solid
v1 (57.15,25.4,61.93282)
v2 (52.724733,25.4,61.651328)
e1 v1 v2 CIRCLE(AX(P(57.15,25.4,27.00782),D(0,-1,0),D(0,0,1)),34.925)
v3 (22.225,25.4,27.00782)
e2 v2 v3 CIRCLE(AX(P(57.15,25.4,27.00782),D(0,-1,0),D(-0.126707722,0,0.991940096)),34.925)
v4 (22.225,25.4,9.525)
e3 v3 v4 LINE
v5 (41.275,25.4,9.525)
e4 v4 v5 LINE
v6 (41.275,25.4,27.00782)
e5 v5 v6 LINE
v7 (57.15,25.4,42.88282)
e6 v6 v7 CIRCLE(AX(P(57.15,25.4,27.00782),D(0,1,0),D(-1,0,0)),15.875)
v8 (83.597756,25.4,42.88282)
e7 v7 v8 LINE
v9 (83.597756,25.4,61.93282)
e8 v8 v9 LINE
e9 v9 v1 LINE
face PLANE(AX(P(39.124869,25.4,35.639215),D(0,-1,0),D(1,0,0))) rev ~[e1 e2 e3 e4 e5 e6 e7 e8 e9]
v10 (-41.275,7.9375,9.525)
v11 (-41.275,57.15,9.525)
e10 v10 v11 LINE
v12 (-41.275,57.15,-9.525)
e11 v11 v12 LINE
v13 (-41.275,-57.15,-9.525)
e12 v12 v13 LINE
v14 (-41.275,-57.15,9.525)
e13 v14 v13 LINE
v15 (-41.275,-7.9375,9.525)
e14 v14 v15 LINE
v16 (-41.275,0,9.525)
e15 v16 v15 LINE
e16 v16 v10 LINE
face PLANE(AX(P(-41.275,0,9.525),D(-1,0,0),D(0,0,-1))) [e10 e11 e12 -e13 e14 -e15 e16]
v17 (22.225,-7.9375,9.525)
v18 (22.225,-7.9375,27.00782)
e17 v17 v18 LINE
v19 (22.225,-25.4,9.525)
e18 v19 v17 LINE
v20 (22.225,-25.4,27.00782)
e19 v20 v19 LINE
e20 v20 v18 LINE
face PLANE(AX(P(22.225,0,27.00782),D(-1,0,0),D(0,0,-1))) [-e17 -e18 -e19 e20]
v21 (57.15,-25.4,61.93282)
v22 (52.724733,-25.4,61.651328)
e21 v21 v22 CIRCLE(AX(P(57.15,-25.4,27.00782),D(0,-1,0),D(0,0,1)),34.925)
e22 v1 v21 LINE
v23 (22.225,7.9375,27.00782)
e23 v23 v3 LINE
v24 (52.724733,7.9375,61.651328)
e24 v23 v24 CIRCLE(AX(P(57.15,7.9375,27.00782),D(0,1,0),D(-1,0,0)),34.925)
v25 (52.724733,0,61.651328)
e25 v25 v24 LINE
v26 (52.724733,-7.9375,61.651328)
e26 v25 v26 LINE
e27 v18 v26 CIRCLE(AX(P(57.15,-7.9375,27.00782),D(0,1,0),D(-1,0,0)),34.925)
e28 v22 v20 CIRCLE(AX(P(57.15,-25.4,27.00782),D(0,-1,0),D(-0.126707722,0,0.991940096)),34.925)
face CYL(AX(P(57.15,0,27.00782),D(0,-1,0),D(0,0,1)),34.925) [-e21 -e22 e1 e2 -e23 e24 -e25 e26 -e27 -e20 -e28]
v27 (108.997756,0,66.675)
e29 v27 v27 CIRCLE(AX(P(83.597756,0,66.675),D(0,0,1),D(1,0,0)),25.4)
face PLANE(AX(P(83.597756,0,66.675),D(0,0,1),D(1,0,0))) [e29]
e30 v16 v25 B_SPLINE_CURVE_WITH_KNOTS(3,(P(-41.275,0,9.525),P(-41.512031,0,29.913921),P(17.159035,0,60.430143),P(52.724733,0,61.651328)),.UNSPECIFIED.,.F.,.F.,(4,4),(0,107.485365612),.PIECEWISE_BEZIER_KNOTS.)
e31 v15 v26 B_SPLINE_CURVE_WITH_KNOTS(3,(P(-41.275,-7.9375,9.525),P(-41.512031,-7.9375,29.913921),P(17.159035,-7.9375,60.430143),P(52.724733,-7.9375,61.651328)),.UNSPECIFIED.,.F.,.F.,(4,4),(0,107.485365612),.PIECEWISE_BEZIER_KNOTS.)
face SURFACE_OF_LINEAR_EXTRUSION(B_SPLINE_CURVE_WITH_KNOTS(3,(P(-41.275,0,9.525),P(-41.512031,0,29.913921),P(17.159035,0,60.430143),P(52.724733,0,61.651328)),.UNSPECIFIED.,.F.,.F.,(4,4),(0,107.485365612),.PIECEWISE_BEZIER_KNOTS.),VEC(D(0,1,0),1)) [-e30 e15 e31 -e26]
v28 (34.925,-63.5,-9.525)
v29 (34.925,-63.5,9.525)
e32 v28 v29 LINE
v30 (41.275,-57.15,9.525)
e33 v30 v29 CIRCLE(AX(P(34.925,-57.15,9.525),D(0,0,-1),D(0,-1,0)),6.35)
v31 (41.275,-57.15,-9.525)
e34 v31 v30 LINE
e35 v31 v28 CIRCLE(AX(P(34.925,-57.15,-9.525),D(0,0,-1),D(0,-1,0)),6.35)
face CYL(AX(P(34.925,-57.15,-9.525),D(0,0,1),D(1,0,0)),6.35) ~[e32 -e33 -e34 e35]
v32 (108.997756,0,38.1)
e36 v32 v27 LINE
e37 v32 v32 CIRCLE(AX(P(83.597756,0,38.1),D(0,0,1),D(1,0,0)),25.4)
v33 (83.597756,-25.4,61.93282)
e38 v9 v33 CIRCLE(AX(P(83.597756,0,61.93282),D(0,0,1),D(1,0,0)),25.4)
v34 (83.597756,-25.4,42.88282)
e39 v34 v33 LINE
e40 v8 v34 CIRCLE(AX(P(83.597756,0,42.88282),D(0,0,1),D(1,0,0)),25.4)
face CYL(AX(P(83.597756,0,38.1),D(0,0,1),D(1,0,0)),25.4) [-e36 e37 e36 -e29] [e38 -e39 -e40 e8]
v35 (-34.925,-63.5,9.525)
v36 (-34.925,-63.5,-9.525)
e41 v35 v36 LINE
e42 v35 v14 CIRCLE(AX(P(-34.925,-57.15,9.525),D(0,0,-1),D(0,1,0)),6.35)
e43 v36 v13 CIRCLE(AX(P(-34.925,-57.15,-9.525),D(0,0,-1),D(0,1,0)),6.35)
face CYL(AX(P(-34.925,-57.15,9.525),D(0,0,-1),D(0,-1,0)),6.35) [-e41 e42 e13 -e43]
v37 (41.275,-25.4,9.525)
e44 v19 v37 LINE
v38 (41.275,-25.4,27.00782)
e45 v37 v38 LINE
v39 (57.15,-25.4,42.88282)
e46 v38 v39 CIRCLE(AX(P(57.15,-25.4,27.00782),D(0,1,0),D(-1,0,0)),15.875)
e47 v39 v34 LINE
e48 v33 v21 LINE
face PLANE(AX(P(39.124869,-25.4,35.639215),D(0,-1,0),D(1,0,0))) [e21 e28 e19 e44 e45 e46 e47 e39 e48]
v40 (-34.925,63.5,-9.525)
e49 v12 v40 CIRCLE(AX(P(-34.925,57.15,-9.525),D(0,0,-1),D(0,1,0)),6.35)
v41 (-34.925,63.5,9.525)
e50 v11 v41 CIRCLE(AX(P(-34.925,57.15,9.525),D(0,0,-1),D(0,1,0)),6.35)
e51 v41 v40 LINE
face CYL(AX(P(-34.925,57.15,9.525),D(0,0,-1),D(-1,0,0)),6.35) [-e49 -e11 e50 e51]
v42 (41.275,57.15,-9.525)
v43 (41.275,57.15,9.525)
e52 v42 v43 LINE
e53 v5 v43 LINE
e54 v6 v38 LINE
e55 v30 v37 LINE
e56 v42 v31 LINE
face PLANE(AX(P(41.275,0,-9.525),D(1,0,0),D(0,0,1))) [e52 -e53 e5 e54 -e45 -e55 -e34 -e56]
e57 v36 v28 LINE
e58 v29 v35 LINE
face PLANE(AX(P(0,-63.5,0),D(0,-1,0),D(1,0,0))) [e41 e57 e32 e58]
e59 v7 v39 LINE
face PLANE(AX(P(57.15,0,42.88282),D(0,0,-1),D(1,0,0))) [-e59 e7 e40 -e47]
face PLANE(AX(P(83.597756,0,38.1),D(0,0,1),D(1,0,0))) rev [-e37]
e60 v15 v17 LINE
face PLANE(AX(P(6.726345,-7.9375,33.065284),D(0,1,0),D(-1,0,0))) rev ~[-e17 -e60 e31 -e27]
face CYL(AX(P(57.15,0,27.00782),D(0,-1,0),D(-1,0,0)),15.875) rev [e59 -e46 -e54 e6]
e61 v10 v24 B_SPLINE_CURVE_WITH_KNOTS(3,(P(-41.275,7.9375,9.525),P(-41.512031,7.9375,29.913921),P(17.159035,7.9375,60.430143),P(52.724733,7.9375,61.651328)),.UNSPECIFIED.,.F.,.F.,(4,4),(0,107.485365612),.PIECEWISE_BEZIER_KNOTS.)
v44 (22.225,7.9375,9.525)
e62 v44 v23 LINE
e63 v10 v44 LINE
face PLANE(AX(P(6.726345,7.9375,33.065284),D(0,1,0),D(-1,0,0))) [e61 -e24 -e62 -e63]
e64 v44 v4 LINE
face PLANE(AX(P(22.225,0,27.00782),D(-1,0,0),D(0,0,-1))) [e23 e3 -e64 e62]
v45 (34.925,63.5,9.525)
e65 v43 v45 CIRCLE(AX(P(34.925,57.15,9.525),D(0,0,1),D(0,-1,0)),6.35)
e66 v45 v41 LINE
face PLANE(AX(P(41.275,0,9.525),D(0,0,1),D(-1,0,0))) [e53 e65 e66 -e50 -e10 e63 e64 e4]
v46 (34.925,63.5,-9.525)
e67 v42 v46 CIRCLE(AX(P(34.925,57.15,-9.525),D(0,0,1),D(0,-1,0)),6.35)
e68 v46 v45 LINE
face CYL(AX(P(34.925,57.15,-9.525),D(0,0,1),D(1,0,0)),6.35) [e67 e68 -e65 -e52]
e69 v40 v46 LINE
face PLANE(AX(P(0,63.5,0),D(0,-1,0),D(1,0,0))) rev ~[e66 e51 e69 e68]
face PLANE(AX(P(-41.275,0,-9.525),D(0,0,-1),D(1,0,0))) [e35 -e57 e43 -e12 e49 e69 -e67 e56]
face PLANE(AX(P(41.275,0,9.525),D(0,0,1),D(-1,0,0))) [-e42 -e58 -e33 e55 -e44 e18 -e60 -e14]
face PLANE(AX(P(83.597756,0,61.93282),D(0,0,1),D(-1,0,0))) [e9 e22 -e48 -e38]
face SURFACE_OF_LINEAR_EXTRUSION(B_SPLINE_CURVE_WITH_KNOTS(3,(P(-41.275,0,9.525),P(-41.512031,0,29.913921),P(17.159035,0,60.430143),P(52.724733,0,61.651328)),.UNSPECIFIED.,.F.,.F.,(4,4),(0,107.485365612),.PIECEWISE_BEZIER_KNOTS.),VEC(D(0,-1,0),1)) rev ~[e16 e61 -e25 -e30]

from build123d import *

# Parameters (mm, degrees)
F1_DEPTH = 63.5
F0_W     = 25.4
F0_H     = 19.05
F2_DEPTH = 25.4
F3_DEPTH = 7.9375
F5_R     = 6.35


with BuildPart() as f1:
    # F0 (on Front) → F1 (new body, symmetric)
    with BuildSketch(Plane.XZ):
        Polygon((-41.275, 9.525), (-41.275, -9.525), (41.275, -9.525), (41.275, 9.525), (22.225, 9.525), align=None)
    extrude(amount=F1_DEPTH, both=True)

    # F0 (on Front) → F2 (join, symmetric)
    with BuildSketch(Plane.XZ):
        with BuildLine():
            Line((22.225, 9.525), (41.275, 9.525))
            Line((41.275, 9.525), (41.275, 27.00782))
            ThreePointArc((41.275, 27.00782), (45.9246798487, 38.2331401513), (57.15, 42.88282))
            Line((57.15, 42.88282), (58.1977560132, 42.88282))
            Line((58.1977560132, 42.88282), (58.1977560132, 61.93282))
            Line((58.1977560132, 61.93282), (57.15, 61.93282))
            ThreePointArc((57.15, 61.93282), (54.9328944769, 61.862375916), (52.724732803, 61.6513278368))
            ThreePointArc((52.724732803, 61.6513278368), (30.9363768066, 50.0859824934), (22.225, 27.00782))
            Line((22.225, 27.00782), (22.225, 9.525))
        make_face()
        with Locations((70.8977560132, 52.40782)):
            Rectangle(F0_W, F0_H)
    extrude(amount=F2_DEPTH, both=True)

    # F0 (on Front) → F3 (join, symmetric)
    with BuildSketch(Plane.XZ):
        with BuildLine():
            add(Edge.make_bspline(
                [(-41.275, 9.525), (-41.5120311081, 29.9139209092), (17.1590354294, 60.4301430285), (52.724732803, 61.6513278368)],
                knots=[0, 0, 0, 0, 107.4853656122, 107.4853656122, 107.4853656122, 107.4853656122], degree=3))
            Line((-41.275, 9.525), (22.225, 9.525))
            Line((22.225, 9.525), (22.225, 27.00782))
            ThreePointArc((22.225, 27.00782), (30.9363768066, 50.0859824934), (52.724732803, 61.6513278368))
        make_face()
    extrude(amount=F3_DEPTH, both=True)

    # F0 (on Front) → F4 (revolve)
    with BuildSketch(Plane.XZ):
        Polygon((83.5977560132, 66.675), (83.5977560132, 61.93282), (83.5977560132, 42.88282), (83.5977560132, 38.1), (108.9977560132, 38.1), (108.9977560132, 66.675), align=None)
    revolve(axis=Axis((83.5977560132, 0, 52.3875), (0, 0, 1)))

    # F5
    f5_edges = [f1.edges().sort_by_distance(p)[0] for p in [
        (41.275, -63.5, 0),
        (-41.275, -63.5, 0),
        (41.275, 63.5, 0),
        (-41.275, 63.5, 0),
    ]]
    fillet(f5_edges, radius=F5_R)


solid = f1.part
